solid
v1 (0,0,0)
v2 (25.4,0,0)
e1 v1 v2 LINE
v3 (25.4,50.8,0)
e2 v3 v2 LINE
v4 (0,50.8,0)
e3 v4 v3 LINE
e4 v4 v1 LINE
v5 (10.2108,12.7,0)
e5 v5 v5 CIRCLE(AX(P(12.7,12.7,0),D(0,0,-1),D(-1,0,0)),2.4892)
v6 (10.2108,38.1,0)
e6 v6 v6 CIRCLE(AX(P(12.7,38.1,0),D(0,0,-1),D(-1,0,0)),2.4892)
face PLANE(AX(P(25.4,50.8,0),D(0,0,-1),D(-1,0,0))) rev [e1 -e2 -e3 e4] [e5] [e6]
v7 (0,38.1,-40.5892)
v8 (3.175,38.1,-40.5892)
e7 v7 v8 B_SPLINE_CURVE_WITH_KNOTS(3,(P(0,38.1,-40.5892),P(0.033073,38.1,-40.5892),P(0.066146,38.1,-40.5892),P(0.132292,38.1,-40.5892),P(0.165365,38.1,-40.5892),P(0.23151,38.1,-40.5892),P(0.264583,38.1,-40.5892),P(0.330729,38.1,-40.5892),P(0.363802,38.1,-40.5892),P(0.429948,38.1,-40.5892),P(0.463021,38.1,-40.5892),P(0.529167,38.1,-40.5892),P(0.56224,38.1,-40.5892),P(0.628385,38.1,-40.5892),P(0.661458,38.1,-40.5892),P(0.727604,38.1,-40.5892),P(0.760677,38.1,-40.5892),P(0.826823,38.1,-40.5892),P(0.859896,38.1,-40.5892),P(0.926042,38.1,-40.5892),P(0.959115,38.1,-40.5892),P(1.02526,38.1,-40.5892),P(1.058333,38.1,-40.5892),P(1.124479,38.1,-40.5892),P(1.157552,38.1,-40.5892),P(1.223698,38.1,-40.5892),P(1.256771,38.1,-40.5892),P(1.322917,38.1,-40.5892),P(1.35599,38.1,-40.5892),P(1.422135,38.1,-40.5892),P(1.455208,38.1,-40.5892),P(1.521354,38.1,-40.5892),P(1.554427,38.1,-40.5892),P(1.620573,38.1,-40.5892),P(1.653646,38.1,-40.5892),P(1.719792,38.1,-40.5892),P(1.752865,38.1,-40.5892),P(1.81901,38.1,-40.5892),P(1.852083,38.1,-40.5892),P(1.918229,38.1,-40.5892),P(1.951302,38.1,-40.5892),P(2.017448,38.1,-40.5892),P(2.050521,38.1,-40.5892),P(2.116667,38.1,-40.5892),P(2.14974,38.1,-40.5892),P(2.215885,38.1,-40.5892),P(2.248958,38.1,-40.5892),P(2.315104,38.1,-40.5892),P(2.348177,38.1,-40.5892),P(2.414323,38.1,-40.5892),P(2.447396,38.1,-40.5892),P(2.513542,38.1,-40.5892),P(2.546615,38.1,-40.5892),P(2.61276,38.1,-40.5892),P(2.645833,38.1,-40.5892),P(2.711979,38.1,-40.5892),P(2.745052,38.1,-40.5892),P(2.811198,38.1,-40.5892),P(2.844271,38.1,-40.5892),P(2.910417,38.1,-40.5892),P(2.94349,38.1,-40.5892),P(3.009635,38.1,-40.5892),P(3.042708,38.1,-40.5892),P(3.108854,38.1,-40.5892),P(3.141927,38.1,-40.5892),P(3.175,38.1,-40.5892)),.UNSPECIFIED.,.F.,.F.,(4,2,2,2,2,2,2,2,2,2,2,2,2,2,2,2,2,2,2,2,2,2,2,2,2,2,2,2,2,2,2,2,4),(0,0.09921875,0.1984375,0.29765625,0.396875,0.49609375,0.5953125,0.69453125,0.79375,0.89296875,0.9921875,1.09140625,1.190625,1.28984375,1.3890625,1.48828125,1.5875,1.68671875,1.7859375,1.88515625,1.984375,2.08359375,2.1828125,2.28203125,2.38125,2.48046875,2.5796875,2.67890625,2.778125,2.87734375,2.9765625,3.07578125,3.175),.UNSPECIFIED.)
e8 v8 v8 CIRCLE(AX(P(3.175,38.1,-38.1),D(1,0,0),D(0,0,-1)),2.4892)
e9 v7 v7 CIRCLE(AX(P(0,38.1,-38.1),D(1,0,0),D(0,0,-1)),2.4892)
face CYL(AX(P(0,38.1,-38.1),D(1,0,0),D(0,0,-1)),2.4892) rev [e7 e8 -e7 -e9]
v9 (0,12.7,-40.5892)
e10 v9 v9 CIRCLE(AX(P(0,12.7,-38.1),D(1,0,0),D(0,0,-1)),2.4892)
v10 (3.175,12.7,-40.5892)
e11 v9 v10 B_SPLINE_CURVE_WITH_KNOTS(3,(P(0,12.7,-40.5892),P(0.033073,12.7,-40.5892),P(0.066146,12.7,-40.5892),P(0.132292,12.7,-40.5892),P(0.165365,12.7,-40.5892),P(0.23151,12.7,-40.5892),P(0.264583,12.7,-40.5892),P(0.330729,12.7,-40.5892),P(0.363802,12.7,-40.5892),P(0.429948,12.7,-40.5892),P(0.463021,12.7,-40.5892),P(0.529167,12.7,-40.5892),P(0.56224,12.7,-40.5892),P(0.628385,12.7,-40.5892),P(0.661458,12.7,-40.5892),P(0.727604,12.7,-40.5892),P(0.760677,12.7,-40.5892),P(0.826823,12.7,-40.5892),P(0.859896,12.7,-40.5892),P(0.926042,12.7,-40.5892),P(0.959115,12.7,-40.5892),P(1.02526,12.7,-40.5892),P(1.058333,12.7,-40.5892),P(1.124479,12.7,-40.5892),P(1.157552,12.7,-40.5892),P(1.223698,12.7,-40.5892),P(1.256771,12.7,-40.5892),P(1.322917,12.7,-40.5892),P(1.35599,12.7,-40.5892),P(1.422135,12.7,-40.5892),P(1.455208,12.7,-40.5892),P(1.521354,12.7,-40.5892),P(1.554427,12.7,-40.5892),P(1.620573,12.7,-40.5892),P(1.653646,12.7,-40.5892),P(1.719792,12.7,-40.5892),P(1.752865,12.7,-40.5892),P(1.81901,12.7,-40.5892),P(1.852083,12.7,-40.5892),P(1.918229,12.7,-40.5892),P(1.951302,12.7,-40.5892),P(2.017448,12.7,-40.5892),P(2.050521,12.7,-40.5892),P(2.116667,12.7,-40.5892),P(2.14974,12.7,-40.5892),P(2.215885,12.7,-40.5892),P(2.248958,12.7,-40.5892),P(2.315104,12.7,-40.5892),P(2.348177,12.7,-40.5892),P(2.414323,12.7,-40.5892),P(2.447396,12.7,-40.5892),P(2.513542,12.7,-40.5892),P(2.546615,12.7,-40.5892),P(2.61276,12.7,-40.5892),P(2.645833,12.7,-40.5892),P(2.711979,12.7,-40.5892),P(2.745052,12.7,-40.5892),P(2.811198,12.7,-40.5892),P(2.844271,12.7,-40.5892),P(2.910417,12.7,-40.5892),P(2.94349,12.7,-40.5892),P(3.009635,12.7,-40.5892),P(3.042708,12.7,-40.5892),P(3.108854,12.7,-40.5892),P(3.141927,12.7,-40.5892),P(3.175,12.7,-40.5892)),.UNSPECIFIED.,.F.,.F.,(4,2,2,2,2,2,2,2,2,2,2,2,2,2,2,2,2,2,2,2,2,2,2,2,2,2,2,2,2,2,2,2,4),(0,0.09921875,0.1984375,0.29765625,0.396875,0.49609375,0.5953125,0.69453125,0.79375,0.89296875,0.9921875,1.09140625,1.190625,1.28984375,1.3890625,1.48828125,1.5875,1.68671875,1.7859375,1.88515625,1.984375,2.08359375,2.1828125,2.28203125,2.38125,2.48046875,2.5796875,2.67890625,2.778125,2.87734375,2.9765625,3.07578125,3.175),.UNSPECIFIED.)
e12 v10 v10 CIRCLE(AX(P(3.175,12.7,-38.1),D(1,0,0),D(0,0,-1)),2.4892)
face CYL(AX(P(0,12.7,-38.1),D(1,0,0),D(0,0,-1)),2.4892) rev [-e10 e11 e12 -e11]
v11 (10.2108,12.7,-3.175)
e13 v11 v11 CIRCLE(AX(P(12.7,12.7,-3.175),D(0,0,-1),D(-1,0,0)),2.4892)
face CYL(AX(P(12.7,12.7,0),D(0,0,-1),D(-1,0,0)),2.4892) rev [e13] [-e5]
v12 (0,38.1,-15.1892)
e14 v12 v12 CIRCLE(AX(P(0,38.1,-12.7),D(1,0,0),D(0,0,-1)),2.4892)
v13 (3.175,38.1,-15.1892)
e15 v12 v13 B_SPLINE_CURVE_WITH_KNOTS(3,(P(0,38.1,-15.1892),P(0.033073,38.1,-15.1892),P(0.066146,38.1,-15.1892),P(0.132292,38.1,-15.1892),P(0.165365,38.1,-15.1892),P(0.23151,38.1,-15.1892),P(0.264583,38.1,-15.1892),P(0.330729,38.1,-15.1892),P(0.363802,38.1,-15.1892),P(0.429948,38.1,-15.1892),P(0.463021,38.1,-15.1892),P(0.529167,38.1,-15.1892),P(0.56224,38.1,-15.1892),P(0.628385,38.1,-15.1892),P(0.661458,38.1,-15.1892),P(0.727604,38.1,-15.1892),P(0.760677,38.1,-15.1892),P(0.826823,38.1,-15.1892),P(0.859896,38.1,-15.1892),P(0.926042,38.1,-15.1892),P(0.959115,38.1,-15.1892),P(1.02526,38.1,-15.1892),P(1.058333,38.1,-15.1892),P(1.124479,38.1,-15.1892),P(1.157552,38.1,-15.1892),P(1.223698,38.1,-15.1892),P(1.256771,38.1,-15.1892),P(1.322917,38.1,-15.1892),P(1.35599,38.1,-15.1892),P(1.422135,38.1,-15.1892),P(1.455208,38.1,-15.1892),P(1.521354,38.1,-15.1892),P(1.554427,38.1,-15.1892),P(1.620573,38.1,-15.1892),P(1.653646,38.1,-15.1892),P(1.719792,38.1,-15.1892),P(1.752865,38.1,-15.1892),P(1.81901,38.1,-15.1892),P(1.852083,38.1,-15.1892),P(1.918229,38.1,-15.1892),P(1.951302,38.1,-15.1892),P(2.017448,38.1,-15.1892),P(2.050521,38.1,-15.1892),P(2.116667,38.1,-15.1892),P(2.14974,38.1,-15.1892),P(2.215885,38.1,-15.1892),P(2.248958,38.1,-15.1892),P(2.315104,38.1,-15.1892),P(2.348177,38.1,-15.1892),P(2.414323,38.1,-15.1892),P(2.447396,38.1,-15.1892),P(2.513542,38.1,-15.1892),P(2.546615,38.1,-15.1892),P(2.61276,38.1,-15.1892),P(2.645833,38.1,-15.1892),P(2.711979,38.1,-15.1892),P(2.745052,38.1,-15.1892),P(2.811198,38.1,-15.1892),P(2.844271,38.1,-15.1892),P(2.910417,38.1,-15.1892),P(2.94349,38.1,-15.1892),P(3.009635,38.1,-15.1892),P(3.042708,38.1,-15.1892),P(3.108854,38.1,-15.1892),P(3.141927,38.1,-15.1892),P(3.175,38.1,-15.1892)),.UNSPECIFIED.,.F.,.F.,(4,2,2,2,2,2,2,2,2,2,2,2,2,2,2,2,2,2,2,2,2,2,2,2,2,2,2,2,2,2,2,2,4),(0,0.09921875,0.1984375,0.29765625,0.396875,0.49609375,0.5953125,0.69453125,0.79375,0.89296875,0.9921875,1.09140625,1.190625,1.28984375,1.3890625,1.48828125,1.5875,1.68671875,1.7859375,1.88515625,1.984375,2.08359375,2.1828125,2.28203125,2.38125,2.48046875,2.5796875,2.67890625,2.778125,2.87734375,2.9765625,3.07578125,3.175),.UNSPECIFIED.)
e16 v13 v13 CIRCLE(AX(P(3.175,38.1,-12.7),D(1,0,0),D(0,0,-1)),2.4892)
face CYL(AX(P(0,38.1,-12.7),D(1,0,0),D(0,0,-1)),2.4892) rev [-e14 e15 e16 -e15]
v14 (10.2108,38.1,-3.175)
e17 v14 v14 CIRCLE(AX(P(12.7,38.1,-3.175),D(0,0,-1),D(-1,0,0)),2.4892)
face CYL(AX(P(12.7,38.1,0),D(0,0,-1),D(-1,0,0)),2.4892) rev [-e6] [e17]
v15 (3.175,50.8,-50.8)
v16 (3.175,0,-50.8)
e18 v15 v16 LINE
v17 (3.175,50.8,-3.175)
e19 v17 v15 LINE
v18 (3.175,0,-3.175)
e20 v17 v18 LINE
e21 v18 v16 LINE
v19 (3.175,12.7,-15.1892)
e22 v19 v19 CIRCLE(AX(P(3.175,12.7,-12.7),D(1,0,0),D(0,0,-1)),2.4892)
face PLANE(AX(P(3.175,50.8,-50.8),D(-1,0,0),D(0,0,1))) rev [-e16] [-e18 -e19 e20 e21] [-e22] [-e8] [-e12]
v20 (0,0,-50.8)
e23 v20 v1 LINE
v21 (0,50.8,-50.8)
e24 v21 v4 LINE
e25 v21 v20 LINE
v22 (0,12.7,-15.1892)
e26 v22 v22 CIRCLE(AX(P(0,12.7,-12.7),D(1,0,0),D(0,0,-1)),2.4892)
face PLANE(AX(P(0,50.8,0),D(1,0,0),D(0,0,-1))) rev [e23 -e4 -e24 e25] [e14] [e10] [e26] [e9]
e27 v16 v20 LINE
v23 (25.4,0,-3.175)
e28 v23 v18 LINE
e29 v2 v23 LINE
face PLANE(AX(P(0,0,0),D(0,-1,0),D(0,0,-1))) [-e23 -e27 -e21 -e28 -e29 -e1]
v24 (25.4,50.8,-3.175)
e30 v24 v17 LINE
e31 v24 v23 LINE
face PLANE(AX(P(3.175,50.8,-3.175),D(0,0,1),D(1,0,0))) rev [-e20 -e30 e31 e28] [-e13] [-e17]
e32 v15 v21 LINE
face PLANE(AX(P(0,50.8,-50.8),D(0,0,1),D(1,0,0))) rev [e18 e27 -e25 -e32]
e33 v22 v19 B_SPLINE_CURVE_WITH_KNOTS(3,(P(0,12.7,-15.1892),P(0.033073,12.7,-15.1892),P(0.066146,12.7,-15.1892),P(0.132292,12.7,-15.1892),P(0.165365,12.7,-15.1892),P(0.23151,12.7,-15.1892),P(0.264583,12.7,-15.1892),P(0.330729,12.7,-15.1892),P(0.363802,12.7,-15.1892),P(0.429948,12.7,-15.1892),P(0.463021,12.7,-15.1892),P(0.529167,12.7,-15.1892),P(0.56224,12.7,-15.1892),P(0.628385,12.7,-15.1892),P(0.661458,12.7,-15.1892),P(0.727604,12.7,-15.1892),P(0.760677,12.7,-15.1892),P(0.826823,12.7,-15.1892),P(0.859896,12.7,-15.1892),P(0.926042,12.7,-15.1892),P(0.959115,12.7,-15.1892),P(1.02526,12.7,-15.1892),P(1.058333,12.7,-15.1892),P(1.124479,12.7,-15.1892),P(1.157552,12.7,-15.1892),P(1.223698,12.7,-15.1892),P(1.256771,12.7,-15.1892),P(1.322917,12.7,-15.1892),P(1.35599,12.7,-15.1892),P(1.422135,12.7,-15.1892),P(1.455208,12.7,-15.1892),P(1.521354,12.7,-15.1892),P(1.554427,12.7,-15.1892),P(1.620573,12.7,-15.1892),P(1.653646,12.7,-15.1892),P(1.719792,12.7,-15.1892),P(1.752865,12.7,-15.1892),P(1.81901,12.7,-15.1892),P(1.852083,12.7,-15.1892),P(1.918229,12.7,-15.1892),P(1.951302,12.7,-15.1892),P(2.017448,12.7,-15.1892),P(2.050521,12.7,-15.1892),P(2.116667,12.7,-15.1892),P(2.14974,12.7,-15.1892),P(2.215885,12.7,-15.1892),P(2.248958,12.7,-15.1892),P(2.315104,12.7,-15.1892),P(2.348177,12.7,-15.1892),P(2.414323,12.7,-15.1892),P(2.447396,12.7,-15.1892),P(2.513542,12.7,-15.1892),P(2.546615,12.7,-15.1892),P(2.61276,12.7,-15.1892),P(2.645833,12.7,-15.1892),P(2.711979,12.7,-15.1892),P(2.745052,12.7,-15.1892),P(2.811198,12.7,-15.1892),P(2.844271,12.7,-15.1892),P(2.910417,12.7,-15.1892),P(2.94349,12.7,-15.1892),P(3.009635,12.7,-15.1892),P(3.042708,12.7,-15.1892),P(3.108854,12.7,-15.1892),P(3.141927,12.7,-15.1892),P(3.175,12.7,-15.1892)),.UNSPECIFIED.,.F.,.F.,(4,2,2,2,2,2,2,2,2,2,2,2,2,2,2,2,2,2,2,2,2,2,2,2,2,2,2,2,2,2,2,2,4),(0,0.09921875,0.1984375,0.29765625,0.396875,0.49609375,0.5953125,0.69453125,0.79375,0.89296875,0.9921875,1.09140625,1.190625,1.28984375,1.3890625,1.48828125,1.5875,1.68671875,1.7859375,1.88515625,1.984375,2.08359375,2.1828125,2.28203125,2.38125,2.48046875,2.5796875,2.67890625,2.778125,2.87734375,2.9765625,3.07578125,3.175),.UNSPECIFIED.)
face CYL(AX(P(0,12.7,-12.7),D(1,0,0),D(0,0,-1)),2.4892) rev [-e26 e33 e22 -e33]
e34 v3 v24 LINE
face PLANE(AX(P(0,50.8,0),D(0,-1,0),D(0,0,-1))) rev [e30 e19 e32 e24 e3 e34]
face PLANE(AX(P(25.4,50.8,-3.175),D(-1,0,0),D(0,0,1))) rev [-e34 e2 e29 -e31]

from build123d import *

# Parameters (mm, degrees)
BOSS_EXTRUDE1_DEPTH = 50.8
SKETCH2_R           = 2.4892
CUT_EXTRUDE1_DEPTH  = 76.201267443
SKETCH3_R           = 2.4892
CUT_EXTRUDE2_DEPTH  = 75.121121315


with BuildPart() as part:
    # Sketch1 → Boss-Extrude1 (new body)
    with BuildSketch(Plane(origin=(0, 0, 0), x_dir=(1, 0, 0), z_dir=(0, 1, 0))):
        Polygon((0, 0), (0, 50.8), (3.175, 50.8), (3.175, 3.175), (25.4, 3.175), (25.4, 0), align=None)
    extrude(amount=BOSS_EXTRUDE1_DEPTH)

    # Sketch2 → Cut-Extrude1 (cut, through all)
    with BuildSketch(Plane(origin=(3.175, 0, 0), x_dir=(0, 0, -1), z_dir=(1, 0, 0))):
        with Locations((38.1, 38.1)):
            Circle(SKETCH2_R)
        with Locations((38.1, 12.7)):
            Circle(SKETCH2_R)
        with Locations((12.7, 12.7)):
            Circle(SKETCH2_R)
        with Locations((12.7, 38.1)):
            Circle(SKETCH2_R)
    extrude(amount=-CUT_EXTRUDE1_DEPTH, mode=Mode.SUBTRACT)

    # Sketch3 → Cut-Extrude2 (cut, through all)
    with BuildSketch(Plane(origin=(0, 0, -3.175), x_dir=(-1, 0, 0), z_dir=(0, 0, -1))):
        with Locations((-12.7, 38.1)):
            Circle(SKETCH3_R)
        with Locations((-12.7, 12.7)):
            Circle(SKETCH3_R)
    extrude(amount=-CUT_EXTRUDE2_DEPTH, mode=Mode.SUBTRACT)


solid = part.part
